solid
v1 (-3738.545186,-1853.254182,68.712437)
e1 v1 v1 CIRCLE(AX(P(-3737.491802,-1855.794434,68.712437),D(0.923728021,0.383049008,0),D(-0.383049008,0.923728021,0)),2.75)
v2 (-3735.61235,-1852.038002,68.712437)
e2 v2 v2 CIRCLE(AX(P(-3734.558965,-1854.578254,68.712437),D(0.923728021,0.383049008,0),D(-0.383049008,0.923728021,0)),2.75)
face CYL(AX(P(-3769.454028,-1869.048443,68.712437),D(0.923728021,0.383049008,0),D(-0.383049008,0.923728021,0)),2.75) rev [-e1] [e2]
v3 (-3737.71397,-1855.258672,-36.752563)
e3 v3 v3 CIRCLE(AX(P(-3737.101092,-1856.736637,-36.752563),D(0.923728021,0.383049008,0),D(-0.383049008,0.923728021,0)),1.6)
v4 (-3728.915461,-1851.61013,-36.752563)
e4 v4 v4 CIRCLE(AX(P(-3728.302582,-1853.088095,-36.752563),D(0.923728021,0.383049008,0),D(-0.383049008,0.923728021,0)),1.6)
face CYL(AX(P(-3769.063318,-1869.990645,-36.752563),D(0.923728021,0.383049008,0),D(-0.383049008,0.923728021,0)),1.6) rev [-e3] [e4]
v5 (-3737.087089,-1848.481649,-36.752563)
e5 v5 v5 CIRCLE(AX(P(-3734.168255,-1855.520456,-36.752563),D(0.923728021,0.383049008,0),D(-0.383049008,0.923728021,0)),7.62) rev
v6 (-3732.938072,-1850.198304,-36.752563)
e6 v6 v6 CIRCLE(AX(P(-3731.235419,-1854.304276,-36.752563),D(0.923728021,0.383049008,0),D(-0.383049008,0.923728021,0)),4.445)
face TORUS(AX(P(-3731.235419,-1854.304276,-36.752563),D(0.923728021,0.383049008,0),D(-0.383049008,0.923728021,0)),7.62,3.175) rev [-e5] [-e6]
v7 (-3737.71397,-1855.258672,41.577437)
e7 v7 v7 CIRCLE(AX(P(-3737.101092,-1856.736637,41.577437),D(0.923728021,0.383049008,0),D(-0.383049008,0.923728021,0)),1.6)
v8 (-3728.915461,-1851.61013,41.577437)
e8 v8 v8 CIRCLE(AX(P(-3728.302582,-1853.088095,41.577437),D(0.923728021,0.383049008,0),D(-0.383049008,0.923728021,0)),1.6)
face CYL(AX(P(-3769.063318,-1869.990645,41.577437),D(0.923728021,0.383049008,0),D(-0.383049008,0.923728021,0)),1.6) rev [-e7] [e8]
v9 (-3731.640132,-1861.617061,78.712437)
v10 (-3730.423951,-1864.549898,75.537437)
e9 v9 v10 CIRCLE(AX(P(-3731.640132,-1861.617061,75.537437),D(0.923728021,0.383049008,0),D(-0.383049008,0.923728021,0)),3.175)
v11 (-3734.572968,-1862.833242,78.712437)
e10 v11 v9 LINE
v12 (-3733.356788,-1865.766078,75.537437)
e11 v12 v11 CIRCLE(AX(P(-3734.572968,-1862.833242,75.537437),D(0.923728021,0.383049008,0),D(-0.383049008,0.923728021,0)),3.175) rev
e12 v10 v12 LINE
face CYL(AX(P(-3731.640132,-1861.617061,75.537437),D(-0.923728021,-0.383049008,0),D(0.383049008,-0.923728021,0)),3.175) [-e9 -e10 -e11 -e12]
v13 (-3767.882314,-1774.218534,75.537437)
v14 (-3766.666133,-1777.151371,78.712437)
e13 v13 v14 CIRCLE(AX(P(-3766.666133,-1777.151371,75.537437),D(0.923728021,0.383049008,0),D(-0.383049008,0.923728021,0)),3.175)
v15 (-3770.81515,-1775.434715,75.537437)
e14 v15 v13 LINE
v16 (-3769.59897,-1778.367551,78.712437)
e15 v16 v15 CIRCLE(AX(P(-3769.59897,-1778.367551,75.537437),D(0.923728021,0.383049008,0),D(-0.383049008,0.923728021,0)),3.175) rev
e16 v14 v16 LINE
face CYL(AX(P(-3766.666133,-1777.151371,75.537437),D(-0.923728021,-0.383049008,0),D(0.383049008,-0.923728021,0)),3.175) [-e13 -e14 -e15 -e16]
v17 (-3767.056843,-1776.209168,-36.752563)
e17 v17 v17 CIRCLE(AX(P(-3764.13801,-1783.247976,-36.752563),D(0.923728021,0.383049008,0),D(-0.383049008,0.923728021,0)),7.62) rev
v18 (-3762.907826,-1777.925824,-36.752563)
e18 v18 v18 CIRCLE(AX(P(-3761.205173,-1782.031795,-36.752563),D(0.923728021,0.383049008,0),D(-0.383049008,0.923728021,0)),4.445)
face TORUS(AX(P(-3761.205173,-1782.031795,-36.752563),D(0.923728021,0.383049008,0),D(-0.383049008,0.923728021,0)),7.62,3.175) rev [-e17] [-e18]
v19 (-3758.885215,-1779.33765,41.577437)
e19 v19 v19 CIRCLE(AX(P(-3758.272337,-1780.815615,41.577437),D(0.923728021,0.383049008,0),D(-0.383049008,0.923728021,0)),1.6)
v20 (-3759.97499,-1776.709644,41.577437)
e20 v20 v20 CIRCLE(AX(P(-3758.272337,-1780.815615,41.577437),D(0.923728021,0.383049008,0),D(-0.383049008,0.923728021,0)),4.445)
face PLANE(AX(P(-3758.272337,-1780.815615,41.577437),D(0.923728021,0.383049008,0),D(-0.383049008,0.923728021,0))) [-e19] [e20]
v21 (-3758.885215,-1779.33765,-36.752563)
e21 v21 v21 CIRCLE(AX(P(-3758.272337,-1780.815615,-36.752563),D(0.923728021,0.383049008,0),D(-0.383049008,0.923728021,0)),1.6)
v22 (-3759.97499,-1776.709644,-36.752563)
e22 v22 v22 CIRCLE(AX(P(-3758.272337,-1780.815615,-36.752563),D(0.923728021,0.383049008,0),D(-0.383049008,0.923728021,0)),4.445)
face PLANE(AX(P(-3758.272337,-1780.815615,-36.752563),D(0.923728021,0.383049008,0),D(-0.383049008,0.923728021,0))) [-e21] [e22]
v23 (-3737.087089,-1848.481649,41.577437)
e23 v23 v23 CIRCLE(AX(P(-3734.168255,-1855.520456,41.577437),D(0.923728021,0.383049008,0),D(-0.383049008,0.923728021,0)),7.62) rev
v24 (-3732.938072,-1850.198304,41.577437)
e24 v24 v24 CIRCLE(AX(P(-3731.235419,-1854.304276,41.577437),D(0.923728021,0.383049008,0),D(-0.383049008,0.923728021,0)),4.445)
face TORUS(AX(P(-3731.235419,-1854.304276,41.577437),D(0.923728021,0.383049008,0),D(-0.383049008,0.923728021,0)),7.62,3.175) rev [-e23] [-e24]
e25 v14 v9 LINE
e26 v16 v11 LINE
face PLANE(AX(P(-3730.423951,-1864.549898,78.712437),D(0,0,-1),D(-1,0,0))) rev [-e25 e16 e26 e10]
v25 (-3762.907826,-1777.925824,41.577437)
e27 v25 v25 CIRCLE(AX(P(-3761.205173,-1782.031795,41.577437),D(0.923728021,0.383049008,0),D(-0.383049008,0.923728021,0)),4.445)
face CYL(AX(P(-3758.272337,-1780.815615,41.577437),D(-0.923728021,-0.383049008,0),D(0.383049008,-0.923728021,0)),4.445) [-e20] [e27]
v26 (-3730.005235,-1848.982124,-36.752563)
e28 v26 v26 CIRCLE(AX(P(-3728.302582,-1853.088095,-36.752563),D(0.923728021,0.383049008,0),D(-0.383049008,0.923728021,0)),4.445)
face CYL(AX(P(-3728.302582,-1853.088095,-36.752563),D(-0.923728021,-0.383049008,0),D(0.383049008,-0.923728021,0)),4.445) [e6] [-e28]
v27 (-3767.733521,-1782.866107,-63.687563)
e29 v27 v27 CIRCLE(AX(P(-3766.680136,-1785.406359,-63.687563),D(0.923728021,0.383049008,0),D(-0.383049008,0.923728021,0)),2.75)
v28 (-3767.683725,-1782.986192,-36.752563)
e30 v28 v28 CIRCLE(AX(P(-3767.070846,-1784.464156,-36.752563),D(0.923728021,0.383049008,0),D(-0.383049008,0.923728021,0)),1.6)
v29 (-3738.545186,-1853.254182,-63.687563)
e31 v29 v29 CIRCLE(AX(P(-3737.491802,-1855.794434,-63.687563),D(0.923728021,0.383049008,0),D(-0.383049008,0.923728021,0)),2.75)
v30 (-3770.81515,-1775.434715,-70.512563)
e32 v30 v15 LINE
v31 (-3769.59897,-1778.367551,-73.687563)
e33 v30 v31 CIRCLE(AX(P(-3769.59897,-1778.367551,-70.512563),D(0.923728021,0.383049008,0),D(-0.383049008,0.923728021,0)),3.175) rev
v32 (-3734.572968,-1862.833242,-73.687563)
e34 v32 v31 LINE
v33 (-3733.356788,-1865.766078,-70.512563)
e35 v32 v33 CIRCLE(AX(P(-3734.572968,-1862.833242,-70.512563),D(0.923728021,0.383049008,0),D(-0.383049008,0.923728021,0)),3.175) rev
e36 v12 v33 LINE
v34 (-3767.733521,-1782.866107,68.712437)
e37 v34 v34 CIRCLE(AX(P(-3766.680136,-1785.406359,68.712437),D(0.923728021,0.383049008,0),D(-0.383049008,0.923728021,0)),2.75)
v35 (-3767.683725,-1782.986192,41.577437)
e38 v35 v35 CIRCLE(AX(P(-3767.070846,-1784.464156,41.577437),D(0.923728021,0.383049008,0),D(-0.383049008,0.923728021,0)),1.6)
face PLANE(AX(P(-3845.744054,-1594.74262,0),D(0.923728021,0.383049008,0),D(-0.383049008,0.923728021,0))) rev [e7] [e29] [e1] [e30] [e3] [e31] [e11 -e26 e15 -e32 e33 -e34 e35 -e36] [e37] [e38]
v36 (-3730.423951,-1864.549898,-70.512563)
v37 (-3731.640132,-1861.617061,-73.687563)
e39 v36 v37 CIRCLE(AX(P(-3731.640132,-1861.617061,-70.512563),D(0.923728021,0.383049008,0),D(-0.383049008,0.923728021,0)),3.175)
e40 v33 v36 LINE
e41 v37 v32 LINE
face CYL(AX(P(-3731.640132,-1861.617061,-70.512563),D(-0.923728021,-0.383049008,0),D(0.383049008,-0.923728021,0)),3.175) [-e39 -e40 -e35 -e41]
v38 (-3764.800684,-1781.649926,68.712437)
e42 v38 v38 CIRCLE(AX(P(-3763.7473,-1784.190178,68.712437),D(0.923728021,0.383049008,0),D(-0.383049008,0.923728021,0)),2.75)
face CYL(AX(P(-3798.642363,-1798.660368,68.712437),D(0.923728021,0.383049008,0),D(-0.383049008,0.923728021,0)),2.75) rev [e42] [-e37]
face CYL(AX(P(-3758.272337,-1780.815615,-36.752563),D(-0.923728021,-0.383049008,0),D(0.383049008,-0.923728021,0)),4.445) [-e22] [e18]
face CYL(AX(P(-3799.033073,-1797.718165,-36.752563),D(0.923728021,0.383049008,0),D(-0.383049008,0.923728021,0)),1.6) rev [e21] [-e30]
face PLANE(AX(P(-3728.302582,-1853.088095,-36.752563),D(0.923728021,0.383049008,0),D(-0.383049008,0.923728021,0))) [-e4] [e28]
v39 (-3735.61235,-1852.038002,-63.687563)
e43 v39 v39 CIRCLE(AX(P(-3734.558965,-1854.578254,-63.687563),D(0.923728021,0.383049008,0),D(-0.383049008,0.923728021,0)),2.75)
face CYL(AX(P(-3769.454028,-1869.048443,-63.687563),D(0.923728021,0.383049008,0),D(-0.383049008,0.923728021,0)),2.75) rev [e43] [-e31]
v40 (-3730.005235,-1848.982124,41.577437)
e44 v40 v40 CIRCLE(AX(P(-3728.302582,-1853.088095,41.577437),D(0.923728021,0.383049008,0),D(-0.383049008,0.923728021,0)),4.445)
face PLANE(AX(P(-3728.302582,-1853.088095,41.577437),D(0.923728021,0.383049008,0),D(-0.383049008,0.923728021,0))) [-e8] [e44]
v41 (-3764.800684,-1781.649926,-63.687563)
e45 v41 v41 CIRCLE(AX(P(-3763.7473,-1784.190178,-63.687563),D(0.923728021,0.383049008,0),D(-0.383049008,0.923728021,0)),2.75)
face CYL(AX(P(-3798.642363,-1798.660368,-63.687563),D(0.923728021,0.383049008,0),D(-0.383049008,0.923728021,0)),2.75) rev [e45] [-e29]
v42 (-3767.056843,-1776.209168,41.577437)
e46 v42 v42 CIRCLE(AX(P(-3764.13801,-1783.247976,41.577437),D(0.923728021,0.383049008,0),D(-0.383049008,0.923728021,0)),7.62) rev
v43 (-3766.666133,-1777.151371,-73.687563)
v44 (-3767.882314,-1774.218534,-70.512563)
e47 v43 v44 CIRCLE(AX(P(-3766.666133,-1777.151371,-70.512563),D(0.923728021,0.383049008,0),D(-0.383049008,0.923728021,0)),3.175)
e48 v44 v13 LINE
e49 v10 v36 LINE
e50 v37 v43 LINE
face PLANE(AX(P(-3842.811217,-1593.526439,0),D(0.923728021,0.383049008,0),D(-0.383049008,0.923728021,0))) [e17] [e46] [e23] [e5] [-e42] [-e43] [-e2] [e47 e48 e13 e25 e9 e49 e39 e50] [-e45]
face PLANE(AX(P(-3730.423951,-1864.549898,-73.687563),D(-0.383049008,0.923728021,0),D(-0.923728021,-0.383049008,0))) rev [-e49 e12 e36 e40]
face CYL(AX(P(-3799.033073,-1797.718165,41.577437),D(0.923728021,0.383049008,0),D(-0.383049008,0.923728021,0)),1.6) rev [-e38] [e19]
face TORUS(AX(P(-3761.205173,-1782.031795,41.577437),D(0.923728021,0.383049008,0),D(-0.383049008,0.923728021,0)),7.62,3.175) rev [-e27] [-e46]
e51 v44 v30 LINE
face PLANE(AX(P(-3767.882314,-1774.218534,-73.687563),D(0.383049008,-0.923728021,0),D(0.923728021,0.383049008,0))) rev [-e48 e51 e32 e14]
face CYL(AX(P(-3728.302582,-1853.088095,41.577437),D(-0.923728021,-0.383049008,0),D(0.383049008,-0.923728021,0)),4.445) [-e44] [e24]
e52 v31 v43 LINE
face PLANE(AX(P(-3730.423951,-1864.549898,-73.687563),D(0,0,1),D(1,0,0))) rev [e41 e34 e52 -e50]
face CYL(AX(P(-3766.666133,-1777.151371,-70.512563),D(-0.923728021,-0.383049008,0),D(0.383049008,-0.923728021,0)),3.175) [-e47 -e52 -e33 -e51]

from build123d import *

# Parameters (mm, degrees)
SKETCH1_W           = 152.4
SKETCH1_H           = 97.79
BOSS_EXTRUDE1_DEPTH = 3.175
SKETCH2_R           = 4.445
BOSS_EXTRUDE2_DEPTH = 6.35
FILLET1_R           = 3.175
SKETCH4_R           = 1.6
CUT_EXTRUDE1_DEPTH  = 45.126339074
FILLET2_R           = 3.175
CUT_EXTRUDE2_DEPTH  = 38.776339074


with BuildPart() as part:
    # Sketch1 → Boss-Extrude1 (new body)
    with BuildSketch(Plane(origin=(-3845.744053595, -1594.742620069, 0), x_dir=(0, 0, -1), z_dir=(0.923728021, 0.383049008, 0))):
        with Locations((-2.512437172, -244.506793415)):
            Rectangle(SKETCH1_W, SKETCH1_H)
    extrude(amount=BOSS_EXTRUDE1_DEPTH)

    # Sketch2 → Boss-Extrude2 (add)
    with BuildSketch(Plane(origin=(-3842.811217127, -1593.526439469, 0), x_dir=(0, 0, -1), z_dir=(0.923728021, 0.383049008, 0))):
        with Locations((36.752562828, -283.626793415)):
            Circle(SKETCH2_R)
        with Locations((-41.577437172, -283.626793415)):
            Circle(SKETCH2_R)
        with Locations((-41.577437172, -205.386793415)):
            Circle(SKETCH2_R)
        with Locations((36.752562828, -205.386793415)):
            Circle(SKETCH2_R)
    extrude(amount=BOSS_EXTRUDE2_DEPTH)

    # Fillet1
    fillet1_edges = [part.edges().sort_by_distance(p)[0] for p in [
        (-3734.168255249, -1855.520456151, -32.307562828),
        (-3734.168255249, -1855.520456151, 46.022437172),
        (-3764.13800964, -1783.247975761, 46.022437172),
        (-3764.13800964, -1783.247975761, -32.307562828),
    ]]
    fillet(fillet1_edges, radius=FILLET1_R)

    # Sketch4 → Cut-Extrude1 (cut, through all)
    with BuildSketch(Plane(origin=(-3836.945544191, -1591.094078268, 0), x_dir=(0, 0, -1), z_dir=(0.923728021, 0.383049008, 0))):
        with Locations((36.752562828, -205.386793415)):
            Circle(SKETCH4_R)
        with Locations((-41.577437172, -205.386793415)):
            Circle(SKETCH4_R)
        with Locations((-41.577437172, -283.626793415)):
            Circle(SKETCH4_R)
        with Locations((36.752562828, -283.626793415)):
            Circle(SKETCH4_R)
    extrude(amount=-CUT_EXTRUDE1_DEPTH, mode=Mode.SUBTRACT)

    # Fillet2
    fillet2_edges = [part.edges().sort_by_distance(p)[0] for p in [
        (-3731.890369429, -1865.15798786, -73.687562828),
        (-3731.890369429, -1865.15798786, 78.712437172),
        (-3769.348731928, -1774.826624652, 78.712437172),
        (-3769.348731928, -1774.826624652, -73.687562828),
    ]]
    fillet(fillet2_edges, radius=FILLET2_R)

    # Sketch5 → Cut-Extrude2 (cut, through all)
    with BuildSketch(Plane(origin=(-3842.811217127, -1593.526439469, 0), x_dir=(0, 0, -1), z_dir=(0.923728021, 0.383049008, 0))):
        with BuildLine():
            ThreePointArc((65.787562828, -280.831265324), (63.687562828, -279.856793415), (61.587562828, -280.831265324))
            Line((61.587562828, -280.831265324), (61.587562828, -284.382321505))
            ThreePointArc((61.587562828, -284.382321505), (63.687562828, -285.356793415), (65.787562828, -284.382321505))
            Line((65.787562828, -284.382321505), (65.787562828, -280.831265324))
        make_face()
        with BuildLine():
            Line((61.587562828, -284.382321505), (61.587562828, -280.831265324))
            ThreePointArc((61.587562828, -280.831265324), (60.937562828, -282.606793415), (61.587562828, -284.382321505))
        make_face()
        with BuildLine():
            ThreePointArc((66.437562828, -282.606793415), (66.269955129, -281.661409895), (65.787562828, -280.831265324))
            Line((65.787562828, -280.831265324), (65.787562828, -284.382321505))
            ThreePointArc((65.787562828, -284.382321505), (66.269955129, -283.552176935), (66.437562828, -282.606793415))
        make_face()
        with BuildLine():
            ThreePointArc((65.787562828, -204.631265324), (63.687562828, -203.656793415), (61.587562828, -204.631265324))
            Line((61.587562828, -204.631265324), (61.587562828, -208.182321505))
            ThreePointArc((61.587562828, -208.182321505), (63.687562828, -209.156793415), (65.787562828, -208.182321505))
            Line((65.787562828, -208.182321505), (65.787562828, -204.631265324))
        make_face()
        with BuildLine():
            Line((61.587562828, -208.182321505), (61.587562828, -204.631265324))
            ThreePointArc((61.587562828, -204.631265324), (60.937562828, -206.406793415), (61.587562828, -208.182321505))
        make_face()
        with BuildLine():
            ThreePointArc((66.437562828, -206.406793415), (66.269955129, -205.461409895), (65.787562828, -204.631265324))
            Line((65.787562828, -204.631265324), (65.787562828, -208.182321505))
            ThreePointArc((65.787562828, -208.182321505), (66.269955129, -207.352176935), (66.437562828, -206.406793415))
        make_face()
        with BuildLine():
            Line((-70.812437172, -208.182321505), (-70.812437172, -204.631265324))
            ThreePointArc((-70.812437172, -204.631265324), (-71.462437172, -206.406793415), (-70.812437172, -208.182321505))
        make_face()
        with BuildLine():
            ThreePointArc((-66.612437172, -204.631265324), (-68.712437172, -203.656793415), (-70.812437172, -204.631265324))
            Line((-70.812437172, -204.631265324), (-70.812437172, -208.182321505))
            ThreePointArc((-70.812437172, -208.182321505), (-68.712437172, -209.156793415), (-66.612437172, -208.182321505))
            Line((-66.612437172, -208.182321505), (-66.612437172, -204.631265324))
        make_face()
        with BuildLine():
            ThreePointArc((-65.962437172, -206.406793415), (-66.130044871, -205.461409895), (-66.612437172, -204.631265324))
            Line((-66.612437172, -204.631265324), (-66.612437172, -208.182321505))
            ThreePointArc((-66.612437172, -208.182321505), (-66.130044871, -207.352176935), (-65.962437172, -206.406793415))
        make_face()
        with BuildLine():
            ThreePointArc((-66.612437172, -280.831265324), (-68.712437172, -279.856793415), (-70.812437172, -280.831265324))
            Line((-70.812437172, -280.831265324), (-70.812437172, -284.382321505))
            ThreePointArc((-70.812437172, -284.382321505), (-68.712437172, -285.356793415), (-66.612437172, -284.382321505))
            Line((-66.612437172, -284.382321505), (-66.612437172, -280.831265324))
        make_face()
        with BuildLine():
            ThreePointArc((-65.962437172, -282.606793415), (-66.130044871, -281.661409895), (-66.612437172, -280.831265324))
            Line((-66.612437172, -280.831265324), (-66.612437172, -284.382321505))
            ThreePointArc((-66.612437172, -284.382321505), (-66.130044871, -283.552176935), (-65.962437172, -282.606793415))
        make_face()
        with BuildLine():
            Line((-70.812437172, -284.382321505), (-70.812437172, -280.831265324))
            ThreePointArc((-70.812437172, -280.831265324), (-71.462437172, -282.606793415), (-70.812437172, -284.382321505))
        make_face()
    extrude(amount=-CUT_EXTRUDE2_DEPTH, mode=Mode.SUBTRACT)


solid = part.part
